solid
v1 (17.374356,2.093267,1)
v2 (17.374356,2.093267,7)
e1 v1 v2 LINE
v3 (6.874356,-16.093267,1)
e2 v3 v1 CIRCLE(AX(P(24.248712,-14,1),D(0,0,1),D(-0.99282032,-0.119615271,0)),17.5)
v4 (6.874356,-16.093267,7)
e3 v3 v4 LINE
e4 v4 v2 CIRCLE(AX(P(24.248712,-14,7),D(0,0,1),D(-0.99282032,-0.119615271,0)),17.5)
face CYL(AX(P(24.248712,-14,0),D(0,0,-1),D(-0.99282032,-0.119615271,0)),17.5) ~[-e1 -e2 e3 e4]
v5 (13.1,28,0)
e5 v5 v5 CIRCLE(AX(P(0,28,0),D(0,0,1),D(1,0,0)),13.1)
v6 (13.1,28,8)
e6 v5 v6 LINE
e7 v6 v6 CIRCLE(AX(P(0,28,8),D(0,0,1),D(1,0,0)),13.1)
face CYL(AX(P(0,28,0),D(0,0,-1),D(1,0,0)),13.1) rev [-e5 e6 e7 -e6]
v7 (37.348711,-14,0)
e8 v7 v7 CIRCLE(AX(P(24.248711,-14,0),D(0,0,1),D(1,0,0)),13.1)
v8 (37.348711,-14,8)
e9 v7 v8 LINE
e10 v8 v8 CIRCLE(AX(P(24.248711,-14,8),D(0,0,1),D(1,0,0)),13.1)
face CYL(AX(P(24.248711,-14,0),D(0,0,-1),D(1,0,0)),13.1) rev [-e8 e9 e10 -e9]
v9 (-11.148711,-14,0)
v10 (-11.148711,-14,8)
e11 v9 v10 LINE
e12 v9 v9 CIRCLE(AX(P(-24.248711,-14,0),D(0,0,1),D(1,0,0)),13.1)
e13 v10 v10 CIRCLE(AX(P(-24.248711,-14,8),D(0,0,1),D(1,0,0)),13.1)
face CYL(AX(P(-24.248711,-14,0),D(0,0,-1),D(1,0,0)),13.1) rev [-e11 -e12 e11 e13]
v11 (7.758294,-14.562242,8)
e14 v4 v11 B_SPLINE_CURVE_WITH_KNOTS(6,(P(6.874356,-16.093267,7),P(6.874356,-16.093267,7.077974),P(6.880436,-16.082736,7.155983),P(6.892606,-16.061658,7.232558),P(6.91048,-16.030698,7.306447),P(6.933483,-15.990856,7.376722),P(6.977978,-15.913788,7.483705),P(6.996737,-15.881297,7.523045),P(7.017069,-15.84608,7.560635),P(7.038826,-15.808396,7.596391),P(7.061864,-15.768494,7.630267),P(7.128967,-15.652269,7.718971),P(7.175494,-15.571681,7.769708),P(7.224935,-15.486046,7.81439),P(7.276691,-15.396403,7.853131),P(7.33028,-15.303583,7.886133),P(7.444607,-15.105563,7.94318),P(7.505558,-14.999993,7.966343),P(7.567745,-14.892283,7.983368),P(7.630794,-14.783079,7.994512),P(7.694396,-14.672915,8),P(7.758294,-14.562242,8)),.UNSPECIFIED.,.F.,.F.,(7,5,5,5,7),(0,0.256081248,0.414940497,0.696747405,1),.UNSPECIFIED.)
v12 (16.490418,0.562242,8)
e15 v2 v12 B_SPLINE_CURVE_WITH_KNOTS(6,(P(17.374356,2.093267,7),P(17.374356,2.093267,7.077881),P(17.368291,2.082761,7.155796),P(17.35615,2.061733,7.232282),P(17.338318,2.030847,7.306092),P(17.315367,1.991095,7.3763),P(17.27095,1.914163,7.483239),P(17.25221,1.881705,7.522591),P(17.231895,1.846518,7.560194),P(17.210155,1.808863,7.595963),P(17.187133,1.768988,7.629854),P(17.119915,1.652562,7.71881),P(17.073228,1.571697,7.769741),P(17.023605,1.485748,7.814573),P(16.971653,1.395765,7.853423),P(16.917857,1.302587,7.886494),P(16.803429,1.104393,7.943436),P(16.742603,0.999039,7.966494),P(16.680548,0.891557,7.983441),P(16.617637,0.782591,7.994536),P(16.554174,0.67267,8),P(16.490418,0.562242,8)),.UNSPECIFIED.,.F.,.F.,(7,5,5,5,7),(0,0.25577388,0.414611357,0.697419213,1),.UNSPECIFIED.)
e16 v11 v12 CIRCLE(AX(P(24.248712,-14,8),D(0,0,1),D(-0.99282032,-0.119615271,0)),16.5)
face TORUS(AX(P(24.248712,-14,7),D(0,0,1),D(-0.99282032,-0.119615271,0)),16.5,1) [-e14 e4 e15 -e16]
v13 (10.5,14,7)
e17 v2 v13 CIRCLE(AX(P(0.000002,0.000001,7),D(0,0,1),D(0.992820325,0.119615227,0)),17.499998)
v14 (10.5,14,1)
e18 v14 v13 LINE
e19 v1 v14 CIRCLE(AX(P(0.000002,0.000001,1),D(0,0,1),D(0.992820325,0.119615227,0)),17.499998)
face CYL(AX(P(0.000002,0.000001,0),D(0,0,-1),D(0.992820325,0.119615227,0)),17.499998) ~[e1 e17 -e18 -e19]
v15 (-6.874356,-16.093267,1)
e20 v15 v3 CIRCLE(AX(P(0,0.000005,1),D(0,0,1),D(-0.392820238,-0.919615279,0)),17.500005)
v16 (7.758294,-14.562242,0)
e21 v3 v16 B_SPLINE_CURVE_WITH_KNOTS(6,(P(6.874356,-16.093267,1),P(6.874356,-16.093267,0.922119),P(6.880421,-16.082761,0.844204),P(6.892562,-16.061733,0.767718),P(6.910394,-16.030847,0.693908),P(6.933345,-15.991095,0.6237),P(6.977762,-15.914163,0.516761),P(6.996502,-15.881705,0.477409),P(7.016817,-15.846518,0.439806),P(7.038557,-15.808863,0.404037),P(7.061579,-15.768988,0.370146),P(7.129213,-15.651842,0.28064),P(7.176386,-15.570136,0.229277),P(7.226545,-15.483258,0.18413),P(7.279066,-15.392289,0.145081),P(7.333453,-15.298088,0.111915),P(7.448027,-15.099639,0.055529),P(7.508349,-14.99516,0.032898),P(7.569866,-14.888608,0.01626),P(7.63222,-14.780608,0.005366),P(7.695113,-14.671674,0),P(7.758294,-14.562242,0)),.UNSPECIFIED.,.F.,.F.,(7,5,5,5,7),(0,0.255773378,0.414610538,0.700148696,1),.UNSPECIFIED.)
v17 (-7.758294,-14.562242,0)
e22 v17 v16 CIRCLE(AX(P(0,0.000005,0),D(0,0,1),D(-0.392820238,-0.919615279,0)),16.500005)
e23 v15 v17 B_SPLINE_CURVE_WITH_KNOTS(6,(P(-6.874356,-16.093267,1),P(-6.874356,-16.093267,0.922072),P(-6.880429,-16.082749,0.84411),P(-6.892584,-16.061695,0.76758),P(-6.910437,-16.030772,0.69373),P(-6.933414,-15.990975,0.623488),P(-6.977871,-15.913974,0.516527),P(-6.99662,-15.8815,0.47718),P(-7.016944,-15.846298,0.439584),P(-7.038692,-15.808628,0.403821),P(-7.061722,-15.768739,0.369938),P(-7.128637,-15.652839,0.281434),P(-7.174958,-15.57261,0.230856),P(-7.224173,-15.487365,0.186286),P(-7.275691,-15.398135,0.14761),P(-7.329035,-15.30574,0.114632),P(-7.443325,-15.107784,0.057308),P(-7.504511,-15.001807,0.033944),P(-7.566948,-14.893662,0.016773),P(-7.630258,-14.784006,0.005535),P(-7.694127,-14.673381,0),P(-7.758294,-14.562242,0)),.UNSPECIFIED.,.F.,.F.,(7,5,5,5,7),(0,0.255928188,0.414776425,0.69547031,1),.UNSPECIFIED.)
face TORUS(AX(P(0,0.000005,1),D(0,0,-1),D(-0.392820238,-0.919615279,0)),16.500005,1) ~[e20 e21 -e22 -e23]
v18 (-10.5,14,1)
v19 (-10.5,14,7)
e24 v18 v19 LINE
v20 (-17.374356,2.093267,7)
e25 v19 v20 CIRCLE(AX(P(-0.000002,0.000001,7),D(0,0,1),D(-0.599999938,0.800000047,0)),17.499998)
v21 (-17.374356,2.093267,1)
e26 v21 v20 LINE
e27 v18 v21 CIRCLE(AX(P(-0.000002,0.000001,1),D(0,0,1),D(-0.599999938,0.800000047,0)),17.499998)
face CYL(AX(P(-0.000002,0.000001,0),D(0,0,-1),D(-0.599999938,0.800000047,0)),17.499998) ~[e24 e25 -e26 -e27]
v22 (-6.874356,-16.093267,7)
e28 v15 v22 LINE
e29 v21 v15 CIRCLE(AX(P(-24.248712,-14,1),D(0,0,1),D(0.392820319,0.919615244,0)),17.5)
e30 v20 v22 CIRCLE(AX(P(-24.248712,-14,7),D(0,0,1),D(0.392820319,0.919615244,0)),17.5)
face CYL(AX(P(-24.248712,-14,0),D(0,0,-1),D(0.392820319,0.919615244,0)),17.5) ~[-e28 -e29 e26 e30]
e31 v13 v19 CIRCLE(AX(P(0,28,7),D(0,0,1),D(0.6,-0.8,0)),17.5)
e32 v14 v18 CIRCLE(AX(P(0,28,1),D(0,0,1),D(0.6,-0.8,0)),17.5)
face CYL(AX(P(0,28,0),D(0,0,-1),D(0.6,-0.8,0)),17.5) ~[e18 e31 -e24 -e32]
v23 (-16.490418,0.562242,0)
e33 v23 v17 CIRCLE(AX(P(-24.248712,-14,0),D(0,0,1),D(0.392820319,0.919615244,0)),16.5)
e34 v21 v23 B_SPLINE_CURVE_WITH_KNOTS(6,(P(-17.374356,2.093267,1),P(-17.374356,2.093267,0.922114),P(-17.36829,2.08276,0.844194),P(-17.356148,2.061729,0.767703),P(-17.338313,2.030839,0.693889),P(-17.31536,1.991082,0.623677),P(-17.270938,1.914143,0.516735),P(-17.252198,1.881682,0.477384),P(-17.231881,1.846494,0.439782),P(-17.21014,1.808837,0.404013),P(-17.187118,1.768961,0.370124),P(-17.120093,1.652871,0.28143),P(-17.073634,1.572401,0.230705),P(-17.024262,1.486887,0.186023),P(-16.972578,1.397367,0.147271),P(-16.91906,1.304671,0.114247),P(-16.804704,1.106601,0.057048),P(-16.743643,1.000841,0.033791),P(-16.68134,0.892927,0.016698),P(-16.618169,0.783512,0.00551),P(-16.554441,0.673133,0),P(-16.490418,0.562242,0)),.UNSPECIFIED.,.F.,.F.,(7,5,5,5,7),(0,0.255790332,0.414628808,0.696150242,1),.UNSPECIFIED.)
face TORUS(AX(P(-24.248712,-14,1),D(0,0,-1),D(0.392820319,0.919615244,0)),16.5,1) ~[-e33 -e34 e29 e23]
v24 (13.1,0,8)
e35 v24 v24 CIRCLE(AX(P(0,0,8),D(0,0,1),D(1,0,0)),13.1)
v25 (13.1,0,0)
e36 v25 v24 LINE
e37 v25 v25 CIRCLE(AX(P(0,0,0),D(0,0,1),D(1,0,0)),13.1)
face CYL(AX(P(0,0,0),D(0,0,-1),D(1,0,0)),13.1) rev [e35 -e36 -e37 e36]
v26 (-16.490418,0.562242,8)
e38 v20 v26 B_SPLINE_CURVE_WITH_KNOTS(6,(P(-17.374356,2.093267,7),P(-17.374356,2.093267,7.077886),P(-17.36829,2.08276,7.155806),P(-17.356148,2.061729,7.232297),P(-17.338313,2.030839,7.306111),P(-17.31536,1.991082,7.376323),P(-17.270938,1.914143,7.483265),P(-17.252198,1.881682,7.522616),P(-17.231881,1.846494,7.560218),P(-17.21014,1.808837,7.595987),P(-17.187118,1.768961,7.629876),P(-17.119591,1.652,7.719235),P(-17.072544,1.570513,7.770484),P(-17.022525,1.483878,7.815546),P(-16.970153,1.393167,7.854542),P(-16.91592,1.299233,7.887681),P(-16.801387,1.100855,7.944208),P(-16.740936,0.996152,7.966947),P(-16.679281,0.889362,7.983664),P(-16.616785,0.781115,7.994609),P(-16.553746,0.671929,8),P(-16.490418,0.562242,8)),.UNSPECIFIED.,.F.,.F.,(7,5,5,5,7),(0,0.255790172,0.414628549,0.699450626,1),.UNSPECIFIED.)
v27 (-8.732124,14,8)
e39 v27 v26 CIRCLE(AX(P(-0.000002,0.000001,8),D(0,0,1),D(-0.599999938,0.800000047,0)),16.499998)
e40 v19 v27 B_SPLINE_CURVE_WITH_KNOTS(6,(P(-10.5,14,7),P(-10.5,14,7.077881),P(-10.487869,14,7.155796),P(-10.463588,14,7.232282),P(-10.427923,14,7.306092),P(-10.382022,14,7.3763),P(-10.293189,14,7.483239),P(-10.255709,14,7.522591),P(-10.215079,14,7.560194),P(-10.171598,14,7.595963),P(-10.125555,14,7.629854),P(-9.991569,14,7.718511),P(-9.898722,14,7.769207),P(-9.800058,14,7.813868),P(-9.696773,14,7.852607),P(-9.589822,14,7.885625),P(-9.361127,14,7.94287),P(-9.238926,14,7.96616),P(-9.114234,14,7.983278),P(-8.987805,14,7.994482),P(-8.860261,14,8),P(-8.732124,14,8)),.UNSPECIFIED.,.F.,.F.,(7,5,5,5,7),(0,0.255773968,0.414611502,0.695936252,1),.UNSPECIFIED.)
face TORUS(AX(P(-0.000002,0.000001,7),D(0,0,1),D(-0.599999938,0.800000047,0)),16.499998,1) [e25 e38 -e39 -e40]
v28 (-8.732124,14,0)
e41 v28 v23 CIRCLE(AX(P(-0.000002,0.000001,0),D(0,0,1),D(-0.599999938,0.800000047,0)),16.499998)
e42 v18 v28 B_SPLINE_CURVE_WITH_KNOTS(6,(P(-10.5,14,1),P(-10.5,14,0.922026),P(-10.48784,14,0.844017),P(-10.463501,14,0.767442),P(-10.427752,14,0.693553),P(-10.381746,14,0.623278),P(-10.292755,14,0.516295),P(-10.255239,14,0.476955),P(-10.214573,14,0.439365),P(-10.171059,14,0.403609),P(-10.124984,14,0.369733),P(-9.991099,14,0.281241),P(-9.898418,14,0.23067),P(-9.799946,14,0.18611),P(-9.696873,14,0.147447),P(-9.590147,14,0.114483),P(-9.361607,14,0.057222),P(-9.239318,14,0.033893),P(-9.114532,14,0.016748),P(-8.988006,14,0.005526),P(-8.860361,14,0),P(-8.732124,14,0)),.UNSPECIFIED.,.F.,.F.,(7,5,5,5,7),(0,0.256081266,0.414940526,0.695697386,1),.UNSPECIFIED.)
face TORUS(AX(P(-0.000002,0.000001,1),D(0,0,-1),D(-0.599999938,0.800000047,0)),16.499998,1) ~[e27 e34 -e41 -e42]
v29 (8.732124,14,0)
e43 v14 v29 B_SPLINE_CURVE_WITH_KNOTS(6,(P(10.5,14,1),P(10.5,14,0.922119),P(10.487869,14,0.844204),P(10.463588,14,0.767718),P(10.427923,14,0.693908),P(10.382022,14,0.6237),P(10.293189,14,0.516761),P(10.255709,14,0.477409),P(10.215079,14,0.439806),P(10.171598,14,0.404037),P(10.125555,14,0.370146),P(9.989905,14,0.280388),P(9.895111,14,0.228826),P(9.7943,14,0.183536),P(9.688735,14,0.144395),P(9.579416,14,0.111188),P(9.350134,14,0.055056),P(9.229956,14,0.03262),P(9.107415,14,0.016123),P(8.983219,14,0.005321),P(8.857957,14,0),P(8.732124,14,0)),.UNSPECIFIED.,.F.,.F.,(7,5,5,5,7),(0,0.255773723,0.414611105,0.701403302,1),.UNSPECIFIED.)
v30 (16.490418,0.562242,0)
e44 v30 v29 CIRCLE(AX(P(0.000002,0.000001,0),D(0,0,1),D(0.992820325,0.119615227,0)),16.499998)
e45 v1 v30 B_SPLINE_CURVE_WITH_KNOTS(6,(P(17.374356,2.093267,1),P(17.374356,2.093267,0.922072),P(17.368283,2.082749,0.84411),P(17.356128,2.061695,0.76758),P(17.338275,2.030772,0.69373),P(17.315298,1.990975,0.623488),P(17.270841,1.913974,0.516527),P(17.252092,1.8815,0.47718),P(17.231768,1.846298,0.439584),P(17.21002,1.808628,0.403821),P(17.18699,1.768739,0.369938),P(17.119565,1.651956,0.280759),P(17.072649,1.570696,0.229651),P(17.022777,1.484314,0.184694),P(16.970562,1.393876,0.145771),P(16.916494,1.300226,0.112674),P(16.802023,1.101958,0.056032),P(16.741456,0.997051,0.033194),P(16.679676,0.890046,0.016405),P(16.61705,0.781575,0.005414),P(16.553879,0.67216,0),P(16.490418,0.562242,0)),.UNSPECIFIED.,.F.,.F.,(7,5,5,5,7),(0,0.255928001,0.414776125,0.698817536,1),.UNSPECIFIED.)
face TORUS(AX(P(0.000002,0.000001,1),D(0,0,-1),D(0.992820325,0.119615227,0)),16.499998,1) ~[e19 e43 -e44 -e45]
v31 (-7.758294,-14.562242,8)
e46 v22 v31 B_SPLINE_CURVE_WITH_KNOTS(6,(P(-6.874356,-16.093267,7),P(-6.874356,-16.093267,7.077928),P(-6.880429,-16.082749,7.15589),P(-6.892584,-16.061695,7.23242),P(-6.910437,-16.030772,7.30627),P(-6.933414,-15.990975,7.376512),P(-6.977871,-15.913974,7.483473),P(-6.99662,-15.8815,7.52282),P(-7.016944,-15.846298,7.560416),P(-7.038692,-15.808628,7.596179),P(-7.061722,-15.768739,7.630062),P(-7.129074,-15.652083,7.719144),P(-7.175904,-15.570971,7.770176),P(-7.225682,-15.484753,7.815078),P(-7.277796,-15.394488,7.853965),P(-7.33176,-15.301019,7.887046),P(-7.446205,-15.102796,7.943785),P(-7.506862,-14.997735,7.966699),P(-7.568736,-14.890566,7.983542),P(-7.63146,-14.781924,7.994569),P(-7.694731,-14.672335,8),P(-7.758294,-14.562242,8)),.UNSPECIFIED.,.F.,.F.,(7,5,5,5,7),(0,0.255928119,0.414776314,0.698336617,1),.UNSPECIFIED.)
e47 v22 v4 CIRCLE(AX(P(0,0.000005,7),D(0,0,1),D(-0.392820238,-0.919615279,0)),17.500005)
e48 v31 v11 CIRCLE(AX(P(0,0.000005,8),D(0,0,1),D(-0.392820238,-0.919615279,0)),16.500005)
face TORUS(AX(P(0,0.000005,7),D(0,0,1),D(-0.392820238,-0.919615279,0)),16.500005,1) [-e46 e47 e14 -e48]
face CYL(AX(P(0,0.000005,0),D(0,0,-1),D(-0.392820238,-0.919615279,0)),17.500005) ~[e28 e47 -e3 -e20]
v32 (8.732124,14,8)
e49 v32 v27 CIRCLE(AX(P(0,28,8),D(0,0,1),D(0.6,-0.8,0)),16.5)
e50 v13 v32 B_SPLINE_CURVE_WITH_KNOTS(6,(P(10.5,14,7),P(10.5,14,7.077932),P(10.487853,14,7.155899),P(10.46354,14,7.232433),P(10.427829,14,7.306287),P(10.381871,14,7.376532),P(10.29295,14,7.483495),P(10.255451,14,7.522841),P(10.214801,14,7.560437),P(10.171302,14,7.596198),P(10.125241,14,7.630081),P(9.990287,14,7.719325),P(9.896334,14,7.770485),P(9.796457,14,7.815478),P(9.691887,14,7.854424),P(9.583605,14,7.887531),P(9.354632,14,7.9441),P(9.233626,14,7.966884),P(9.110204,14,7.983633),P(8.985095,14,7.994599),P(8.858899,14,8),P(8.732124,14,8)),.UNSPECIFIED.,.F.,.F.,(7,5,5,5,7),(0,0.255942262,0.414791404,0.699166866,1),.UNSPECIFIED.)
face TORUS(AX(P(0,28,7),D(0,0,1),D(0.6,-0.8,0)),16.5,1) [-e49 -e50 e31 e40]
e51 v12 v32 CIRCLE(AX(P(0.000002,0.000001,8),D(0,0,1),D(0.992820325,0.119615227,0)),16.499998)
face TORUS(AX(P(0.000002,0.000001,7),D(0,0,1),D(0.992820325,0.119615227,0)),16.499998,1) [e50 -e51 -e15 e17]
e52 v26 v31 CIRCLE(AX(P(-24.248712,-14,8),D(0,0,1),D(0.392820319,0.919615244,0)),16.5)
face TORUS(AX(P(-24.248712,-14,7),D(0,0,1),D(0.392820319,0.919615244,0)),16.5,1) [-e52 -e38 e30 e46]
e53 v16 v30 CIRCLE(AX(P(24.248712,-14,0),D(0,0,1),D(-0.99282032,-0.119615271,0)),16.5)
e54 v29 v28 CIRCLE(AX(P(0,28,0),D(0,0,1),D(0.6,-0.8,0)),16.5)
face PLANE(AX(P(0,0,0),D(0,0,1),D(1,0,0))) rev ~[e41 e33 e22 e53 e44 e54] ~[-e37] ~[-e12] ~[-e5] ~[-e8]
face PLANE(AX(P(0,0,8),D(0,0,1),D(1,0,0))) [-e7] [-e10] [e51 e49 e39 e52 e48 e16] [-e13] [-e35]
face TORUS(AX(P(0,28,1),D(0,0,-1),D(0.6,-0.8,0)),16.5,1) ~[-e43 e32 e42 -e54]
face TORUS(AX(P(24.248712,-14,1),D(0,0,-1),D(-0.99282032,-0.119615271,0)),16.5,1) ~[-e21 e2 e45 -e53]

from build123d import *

# Parameters (mm, degrees)
F0_R     = 13.1
F1_DEPTH = 8
F2_R     = 1


with BuildPart() as f1:
    # F0 (on Top) → F1 (new body)
    with BuildSketch(Plane.XY):
        with BuildLine():
            ThreePointArc((-17.374356, 2.093267), (-39.404156, -22.75), (-6.874356, -16.093267))
            ThreePointArc((-6.874356, -16.093267), (0, -17.5), (6.874356, -16.093267))
            ThreePointArc((6.874356, -16.093267), (39.404156, -22.75), (17.374356, 2.093267))
            ThreePointArc((17.374356, 2.093267), (15.155445, 8.75), (10.5, 14))
            ThreePointArc((10.5, 14), (0, 45.5), (-10.5, 14))
            ThreePointArc((-10.5, 14), (-15.155445, 8.75), (-17.374356, 2.093267))
        make_face()
        with Locations((-24.248711, -14)):
            Circle(F0_R, mode=Mode.SUBTRACT)
        Circle(F0_R, mode=Mode.SUBTRACT)
        with Locations((24.248711, -14)):
            Circle(F0_R, mode=Mode.SUBTRACT)
        with Locations((0, 28)):
            Circle(F0_R, mode=Mode.SUBTRACT)
    extrude(amount=F1_DEPTH)

    # F2
    f2_edges = [f1.edges().sort_by_distance(p)[0] for p in [
        (-39.404156, -22.75, 8),
        (-15.155445, 8.75, 8),
        (0, 45.5, 8),
        (15.155445, 8.75, 8),
        (39.404156, -22.75, 8),
        (0, -17.5, 8),
        (-39.404156, -22.75, 0),
        (0, -17.5, 0),
        (39.404156, -22.75, 0),
        (15.155445, 8.75, 0),
        (0, 45.5, 0),
        (-15.155445, 8.75, 0),
    ]]
    fillet(f2_edges, radius=F2_R)


solid = f1.part
